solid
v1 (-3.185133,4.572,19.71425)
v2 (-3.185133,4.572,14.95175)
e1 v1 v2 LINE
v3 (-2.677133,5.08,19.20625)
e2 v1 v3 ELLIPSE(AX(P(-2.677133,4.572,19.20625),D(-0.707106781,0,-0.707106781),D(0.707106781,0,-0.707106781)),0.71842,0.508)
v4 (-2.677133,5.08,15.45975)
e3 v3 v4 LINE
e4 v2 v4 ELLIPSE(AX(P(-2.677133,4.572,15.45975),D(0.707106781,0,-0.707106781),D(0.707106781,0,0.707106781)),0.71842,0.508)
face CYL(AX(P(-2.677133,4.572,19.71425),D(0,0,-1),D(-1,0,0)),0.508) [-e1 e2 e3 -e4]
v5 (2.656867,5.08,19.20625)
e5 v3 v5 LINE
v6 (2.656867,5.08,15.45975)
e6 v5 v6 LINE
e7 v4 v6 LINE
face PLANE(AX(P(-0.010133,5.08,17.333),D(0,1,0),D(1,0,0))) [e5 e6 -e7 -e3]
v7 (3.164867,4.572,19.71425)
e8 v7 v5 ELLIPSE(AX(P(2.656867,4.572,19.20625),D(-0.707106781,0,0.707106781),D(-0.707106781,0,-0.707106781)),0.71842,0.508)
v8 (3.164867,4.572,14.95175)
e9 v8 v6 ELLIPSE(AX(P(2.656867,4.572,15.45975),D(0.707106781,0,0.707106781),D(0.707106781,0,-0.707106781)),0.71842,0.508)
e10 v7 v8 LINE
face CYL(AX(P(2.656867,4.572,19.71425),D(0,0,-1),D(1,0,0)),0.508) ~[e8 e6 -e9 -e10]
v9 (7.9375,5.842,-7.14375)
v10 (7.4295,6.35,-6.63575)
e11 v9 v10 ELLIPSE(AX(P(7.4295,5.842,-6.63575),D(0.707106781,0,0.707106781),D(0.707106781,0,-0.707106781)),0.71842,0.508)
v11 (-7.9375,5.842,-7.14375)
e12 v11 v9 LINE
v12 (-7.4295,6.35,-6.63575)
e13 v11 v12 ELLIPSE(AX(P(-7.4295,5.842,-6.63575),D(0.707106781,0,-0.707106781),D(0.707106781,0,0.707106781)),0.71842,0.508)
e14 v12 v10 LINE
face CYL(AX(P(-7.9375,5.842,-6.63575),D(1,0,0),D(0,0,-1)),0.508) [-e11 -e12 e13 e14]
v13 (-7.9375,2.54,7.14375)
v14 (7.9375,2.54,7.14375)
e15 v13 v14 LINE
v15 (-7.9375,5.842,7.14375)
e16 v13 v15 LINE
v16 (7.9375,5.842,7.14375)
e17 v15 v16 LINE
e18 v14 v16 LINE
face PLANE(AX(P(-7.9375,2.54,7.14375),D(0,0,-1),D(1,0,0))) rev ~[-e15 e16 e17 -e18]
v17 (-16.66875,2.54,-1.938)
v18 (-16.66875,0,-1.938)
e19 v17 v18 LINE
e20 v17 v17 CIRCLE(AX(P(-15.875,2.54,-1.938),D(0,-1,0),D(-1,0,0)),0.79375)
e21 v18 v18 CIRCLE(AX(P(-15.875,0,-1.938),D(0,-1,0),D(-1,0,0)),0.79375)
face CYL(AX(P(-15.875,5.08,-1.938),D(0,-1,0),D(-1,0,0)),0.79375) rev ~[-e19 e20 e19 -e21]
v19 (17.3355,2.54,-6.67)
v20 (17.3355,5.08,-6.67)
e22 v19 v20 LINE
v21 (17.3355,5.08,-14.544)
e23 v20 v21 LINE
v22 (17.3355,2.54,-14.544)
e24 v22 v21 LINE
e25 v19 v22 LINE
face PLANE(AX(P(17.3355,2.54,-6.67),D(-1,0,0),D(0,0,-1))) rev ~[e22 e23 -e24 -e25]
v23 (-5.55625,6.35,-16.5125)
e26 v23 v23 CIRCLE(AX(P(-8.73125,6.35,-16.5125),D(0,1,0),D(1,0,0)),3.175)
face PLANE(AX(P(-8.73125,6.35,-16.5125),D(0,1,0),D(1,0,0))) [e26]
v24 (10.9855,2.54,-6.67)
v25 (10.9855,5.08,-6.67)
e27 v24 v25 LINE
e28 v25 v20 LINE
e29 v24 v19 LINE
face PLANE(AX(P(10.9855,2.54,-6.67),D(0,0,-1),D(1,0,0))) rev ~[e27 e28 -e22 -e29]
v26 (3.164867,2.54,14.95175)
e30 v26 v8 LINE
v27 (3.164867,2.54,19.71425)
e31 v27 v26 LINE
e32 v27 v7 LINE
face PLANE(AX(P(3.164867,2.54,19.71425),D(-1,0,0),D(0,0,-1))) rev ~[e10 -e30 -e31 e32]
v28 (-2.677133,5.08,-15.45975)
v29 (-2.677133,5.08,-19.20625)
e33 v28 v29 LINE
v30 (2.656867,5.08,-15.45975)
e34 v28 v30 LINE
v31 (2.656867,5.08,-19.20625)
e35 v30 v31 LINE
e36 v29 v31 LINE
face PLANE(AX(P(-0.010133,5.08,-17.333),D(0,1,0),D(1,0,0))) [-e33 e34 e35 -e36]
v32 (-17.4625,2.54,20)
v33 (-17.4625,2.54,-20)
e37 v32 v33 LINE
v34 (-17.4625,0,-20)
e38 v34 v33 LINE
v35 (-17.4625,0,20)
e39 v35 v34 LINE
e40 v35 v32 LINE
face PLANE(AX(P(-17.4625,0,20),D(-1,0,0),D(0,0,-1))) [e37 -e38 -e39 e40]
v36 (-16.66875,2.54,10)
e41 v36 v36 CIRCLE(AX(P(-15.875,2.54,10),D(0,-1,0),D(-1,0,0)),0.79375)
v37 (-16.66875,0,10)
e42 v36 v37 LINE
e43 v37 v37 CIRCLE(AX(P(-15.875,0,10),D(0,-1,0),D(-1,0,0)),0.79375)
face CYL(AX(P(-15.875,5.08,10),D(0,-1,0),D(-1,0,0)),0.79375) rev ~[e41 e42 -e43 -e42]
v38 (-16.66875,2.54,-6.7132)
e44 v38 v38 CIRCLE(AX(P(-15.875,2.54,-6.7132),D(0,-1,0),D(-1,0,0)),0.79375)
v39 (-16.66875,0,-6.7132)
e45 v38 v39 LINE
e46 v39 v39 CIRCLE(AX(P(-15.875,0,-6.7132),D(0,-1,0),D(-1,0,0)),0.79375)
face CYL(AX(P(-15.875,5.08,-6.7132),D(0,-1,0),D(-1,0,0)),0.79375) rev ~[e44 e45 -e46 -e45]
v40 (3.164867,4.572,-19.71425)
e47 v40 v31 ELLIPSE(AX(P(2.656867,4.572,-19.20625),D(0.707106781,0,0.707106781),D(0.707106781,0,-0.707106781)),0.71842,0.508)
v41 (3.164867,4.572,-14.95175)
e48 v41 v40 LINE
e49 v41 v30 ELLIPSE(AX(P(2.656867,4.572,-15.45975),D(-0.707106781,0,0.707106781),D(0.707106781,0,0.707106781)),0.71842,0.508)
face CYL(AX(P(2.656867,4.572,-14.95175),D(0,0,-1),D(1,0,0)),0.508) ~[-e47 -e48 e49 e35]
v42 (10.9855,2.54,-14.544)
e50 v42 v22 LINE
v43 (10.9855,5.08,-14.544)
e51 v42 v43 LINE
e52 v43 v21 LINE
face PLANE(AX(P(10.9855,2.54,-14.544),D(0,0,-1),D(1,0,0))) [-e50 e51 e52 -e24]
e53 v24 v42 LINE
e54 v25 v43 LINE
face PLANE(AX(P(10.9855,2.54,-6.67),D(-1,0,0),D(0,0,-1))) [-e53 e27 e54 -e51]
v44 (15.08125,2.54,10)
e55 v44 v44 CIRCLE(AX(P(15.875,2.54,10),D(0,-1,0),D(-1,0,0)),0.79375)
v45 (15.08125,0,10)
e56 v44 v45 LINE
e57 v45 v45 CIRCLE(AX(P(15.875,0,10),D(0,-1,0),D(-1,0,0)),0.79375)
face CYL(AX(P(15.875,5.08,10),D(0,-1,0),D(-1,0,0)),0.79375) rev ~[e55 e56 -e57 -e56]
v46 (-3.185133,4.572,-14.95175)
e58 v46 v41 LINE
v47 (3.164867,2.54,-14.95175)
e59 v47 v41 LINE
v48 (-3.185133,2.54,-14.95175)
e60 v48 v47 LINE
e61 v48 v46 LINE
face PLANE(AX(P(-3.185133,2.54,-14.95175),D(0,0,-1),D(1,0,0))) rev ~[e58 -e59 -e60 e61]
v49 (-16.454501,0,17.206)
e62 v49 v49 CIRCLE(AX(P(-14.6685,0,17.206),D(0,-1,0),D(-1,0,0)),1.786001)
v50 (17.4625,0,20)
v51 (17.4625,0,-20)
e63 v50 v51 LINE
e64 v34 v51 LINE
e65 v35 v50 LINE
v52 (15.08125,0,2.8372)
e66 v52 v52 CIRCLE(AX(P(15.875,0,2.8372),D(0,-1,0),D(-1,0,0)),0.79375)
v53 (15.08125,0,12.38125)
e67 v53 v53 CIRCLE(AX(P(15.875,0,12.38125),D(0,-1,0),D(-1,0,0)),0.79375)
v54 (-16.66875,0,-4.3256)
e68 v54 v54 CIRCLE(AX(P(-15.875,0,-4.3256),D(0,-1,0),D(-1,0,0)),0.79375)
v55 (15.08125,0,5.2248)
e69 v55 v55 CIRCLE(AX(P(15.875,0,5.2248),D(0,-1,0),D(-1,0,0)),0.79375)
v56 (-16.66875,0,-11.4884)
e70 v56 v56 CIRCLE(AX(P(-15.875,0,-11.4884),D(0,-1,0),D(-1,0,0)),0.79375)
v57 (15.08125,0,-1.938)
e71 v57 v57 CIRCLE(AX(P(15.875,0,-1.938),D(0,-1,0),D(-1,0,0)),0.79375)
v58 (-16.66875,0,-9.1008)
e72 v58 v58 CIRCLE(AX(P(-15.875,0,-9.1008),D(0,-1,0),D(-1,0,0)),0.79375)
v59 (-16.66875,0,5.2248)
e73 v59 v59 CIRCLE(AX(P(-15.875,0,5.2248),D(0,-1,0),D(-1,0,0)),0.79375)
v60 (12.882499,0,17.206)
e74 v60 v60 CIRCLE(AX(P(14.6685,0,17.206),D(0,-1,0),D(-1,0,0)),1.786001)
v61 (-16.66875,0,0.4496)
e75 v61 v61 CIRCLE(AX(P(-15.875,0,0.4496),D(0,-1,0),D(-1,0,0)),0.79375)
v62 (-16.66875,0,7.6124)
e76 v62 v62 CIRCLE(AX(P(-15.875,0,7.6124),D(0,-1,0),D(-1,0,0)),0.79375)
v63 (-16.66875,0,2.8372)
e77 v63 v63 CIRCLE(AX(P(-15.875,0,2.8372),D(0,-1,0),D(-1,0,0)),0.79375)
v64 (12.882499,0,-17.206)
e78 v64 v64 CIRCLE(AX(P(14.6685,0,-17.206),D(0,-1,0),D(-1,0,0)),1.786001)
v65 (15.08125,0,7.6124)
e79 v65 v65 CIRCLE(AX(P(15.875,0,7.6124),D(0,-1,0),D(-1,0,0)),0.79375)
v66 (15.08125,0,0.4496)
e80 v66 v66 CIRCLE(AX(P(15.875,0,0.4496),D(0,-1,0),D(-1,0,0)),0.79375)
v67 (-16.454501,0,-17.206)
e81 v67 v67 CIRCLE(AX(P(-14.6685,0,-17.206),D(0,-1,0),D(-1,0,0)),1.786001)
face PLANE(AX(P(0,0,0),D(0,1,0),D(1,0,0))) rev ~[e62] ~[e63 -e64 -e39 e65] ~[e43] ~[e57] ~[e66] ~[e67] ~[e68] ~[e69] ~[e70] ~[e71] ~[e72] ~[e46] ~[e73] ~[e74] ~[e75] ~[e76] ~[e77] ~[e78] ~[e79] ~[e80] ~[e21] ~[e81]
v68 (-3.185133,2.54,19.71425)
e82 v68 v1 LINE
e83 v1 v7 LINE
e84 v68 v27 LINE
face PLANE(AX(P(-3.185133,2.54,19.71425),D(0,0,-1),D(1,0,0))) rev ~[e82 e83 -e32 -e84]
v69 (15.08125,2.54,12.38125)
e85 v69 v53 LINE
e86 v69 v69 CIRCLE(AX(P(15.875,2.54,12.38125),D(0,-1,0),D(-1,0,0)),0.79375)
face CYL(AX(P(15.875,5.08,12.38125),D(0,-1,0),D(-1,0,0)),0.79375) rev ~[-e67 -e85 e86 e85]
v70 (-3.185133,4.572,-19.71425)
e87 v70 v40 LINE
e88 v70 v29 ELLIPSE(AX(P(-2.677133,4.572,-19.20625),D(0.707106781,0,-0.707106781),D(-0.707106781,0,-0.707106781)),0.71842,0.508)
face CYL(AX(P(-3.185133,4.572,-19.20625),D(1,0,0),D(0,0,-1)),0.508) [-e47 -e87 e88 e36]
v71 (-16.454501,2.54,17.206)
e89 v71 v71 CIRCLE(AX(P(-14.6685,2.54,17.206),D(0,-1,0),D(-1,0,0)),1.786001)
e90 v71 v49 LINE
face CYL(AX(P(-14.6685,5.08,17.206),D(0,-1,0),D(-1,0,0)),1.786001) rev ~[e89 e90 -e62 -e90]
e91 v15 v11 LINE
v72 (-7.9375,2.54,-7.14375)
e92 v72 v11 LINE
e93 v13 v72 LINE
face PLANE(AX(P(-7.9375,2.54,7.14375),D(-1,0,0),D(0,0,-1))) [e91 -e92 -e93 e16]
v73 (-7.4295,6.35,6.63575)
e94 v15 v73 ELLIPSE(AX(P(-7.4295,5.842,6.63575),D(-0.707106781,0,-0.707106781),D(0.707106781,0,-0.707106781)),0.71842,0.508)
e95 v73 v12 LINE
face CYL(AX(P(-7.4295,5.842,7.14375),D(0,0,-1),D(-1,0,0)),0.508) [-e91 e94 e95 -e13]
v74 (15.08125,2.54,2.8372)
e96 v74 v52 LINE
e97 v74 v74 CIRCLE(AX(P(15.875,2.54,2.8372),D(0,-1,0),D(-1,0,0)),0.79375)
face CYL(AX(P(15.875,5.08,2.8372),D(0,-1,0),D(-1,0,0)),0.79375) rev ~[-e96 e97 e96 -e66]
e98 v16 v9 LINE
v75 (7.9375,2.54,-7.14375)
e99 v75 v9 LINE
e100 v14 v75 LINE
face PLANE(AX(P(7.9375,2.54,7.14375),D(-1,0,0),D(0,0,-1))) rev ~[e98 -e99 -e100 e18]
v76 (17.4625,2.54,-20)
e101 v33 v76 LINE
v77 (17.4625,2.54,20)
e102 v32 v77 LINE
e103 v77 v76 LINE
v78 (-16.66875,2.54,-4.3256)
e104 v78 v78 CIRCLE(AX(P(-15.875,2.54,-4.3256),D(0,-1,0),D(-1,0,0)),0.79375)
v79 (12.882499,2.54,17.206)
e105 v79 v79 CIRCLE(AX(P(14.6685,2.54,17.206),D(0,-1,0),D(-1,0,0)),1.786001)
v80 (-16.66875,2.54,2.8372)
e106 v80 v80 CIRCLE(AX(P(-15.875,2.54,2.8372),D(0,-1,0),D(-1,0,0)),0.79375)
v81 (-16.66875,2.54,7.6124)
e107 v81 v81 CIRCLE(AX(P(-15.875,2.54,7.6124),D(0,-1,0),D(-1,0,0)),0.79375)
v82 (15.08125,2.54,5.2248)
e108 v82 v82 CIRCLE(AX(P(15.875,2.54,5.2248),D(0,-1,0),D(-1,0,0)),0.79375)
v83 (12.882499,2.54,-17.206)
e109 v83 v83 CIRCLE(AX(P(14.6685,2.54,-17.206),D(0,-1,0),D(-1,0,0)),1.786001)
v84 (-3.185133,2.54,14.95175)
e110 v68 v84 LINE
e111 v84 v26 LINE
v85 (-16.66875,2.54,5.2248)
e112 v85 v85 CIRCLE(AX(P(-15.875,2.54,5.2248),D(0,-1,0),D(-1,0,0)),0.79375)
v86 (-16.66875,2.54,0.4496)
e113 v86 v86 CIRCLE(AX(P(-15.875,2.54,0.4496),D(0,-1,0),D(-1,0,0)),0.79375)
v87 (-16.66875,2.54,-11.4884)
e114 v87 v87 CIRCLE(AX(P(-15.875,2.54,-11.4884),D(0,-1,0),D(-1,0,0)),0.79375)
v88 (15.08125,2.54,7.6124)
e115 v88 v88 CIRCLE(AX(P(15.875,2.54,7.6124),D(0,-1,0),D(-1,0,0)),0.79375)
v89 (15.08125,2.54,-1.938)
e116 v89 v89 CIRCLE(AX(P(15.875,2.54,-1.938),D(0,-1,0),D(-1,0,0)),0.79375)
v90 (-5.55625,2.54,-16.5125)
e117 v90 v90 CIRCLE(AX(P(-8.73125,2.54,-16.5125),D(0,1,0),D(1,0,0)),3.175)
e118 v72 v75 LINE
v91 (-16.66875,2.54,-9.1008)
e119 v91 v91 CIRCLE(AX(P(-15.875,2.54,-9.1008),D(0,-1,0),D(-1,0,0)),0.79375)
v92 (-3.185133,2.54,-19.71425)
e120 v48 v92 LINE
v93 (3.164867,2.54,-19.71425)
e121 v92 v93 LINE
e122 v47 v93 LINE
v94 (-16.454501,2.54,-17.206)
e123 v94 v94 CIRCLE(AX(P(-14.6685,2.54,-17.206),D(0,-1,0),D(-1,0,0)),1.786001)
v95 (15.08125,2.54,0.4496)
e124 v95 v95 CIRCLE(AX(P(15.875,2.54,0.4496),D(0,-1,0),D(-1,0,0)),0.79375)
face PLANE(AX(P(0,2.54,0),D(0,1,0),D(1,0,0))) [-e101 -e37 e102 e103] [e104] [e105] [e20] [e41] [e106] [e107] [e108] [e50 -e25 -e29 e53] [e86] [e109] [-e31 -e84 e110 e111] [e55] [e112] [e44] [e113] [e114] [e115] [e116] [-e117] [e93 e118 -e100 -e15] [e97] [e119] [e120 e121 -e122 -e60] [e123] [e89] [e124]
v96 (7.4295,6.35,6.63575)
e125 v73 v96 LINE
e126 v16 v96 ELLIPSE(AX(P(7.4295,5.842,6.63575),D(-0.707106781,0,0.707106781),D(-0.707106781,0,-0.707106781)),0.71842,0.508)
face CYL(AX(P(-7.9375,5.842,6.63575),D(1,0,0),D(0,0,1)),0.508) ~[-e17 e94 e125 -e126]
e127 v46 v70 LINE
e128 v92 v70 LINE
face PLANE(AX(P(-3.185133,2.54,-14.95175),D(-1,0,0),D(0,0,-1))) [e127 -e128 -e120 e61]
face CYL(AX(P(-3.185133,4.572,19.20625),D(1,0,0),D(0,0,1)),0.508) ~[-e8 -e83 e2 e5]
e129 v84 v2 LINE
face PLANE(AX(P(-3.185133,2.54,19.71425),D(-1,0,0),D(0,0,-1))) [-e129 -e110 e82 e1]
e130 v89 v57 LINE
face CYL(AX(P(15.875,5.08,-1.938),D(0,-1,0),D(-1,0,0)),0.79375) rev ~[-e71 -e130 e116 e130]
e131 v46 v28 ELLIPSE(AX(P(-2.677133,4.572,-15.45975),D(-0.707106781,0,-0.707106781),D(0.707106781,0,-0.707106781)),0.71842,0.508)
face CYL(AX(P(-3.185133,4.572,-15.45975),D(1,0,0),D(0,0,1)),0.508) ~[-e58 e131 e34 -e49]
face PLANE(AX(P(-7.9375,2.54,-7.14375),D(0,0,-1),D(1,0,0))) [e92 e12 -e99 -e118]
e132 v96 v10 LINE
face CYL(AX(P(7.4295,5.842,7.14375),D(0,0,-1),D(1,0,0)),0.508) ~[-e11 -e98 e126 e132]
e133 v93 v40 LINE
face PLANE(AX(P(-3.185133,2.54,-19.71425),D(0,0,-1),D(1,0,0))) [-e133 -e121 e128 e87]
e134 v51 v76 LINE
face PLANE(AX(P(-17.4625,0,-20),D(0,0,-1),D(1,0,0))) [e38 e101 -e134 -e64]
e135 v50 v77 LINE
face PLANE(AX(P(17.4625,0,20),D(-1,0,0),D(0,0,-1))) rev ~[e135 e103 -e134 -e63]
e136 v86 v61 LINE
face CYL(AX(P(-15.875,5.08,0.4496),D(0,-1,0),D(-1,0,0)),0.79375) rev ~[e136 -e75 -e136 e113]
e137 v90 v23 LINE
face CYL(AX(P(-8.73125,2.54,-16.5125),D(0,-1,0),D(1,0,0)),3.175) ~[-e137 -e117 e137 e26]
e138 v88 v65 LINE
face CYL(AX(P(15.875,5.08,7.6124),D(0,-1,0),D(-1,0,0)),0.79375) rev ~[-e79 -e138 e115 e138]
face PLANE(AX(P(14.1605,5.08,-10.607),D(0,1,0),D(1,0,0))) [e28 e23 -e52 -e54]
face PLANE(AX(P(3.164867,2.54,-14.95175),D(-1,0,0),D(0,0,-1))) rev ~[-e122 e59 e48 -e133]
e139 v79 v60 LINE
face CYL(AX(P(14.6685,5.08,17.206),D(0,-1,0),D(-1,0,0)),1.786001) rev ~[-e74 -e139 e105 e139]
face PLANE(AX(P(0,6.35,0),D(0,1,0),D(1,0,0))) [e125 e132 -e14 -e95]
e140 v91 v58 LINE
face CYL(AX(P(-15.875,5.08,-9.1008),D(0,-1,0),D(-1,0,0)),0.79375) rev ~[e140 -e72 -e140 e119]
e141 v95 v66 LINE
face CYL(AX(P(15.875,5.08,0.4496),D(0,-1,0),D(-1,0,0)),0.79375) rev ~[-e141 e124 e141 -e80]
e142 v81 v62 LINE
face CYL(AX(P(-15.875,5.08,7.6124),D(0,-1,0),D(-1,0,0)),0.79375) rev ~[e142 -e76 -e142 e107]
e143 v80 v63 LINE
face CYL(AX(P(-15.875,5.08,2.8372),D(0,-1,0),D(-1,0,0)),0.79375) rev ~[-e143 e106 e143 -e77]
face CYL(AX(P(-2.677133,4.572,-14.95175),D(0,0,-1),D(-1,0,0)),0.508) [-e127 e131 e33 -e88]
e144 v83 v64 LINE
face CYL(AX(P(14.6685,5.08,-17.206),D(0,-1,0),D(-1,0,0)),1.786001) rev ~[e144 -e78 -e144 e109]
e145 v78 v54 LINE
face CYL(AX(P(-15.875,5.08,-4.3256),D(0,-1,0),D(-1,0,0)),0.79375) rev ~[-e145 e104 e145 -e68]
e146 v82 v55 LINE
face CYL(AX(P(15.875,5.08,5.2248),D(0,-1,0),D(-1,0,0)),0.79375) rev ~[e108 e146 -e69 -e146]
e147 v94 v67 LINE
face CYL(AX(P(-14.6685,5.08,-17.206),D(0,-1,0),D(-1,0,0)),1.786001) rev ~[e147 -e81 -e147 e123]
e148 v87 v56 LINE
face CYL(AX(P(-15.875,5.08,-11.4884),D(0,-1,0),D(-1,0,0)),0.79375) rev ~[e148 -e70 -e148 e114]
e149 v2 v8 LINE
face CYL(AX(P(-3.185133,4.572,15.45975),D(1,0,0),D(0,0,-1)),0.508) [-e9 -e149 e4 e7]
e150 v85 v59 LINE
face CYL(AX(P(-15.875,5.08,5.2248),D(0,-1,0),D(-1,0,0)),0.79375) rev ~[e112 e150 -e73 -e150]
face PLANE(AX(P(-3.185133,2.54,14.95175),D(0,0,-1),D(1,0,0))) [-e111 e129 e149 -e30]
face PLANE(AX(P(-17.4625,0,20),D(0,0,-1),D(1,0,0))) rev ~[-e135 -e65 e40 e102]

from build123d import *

# Parameters (mm, degrees)
SKETCH1_W                           = 34.925
SKETCH1_H                           = 40
BOSS_EXTRUDE1_DEPTH                 = 2.54
F_9_64_0_14063_DIAMETER_HOLE1_D     = 3.572002
F_9_64_0_14063_DIAMETER_HOLE1_DEPTH = 2.54
F_1_16_0_0625_DIAMETER_HOLE1_D      = 1.5875
F_1_16_0_0625_DIAMETER_HOLE1_DEPTH  = 2.54
SKETCH6_R                           = 3.175
BOSS_EXTRUDE2_DEPTH                 = 3.81
SKETCH7_W                           = 15.875
SKETCH7_H                           = 14.2875
BOSS_EXTRUDE3_DEPTH                 = 3.81
FILLET1_R                           = 0.508
SKETCH8_W                           = 6.35
SKETCH8_H                           = 7.874
BOSS_EXTRUDE4_DEPTH                 = 2.54
SKETCH10_W                          = 6.35
SKETCH10_H                          = 4.7625
BOSS_EXTRUDE5_DEPTH                 = 2.54
FILLET2_R                           = 0.508


with BuildPart() as part:
    # Sketch1 → Boss-Extrude1 (new body)
    with BuildSketch(Plane(origin=(0, 0, 0), x_dir=(1, 0, 0), z_dir=(0, 1, 0))):
        Rectangle(SKETCH1_W, SKETCH1_H)
    extrude(amount=BOSS_EXTRUDE1_DEPTH)

    # 9/64 (0.14063) Diameter Hole1
    with Locations(Plane(origin=(0, 2.54, 0), x_dir=(1, 0, 0), z_dir=(0, 1, 0))):
        with Locations((-14.6685, 17.206), (14.6685, 17.206), (14.6685, -17.206), (-14.6685, -17.206)):
            Hole(F_9_64_0_14063_DIAMETER_HOLE1_D / 2, depth=F_9_64_0_14063_DIAMETER_HOLE1_DEPTH)

    # 1/16 (0.0625) Diameter Hole1
    with Locations(Plane(origin=(0, 2.54, 0), x_dir=(1, 0, 0), z_dir=(0, 1, 0))):
        with Locations((-15.875, -10), (-15.875, -7.6124), (-15.875, -5.2248), (-15.875, -2.8372), (-15.875, -0.4496), (-15.875, 1.938), (-15.875, 4.3256), (-15.875, 6.7132), (-15.875, 9.1008), (-15.875, 11.4884), (15.875, 1.938), (15.875, -0.4496), (15.875, -2.8372), (15.875, -5.2248), (15.875, -7.6124), (15.875, -10), (15.875, -12.38125)):
            Hole(F_1_16_0_0625_DIAMETER_HOLE1_D / 2, depth=F_1_16_0_0625_DIAMETER_HOLE1_DEPTH)

    # Sketch6 → Boss-Extrude2 (add)
    with BuildSketch(Plane(origin=(0, 2.54, 0), x_dir=(1, 0, 0), z_dir=(0, 1, 0))):
        with Locations((-8.73125, 16.5125)):
            Circle(SKETCH6_R)
    extrude(amount=BOSS_EXTRUDE2_DEPTH)

    # Sketch7 → Boss-Extrude3 (add)
    with BuildSketch(Plane(origin=(0, 2.54, 0), x_dir=(1, 0, 0), z_dir=(0, 1, 0))):
        Rectangle(SKETCH7_W, SKETCH7_H)
    extrude(amount=BOSS_EXTRUDE3_DEPTH)

    # Fillet1
    fillet1_edges = [part.edges().sort_by_distance(p)[0] for p in [
        (7.9375, 6.35, 0),
        (0, 6.35, -7.14375),
        (-7.9375, 6.35, 0),
        (0, 6.35, 7.14375),
    ]]
    fillet(fillet1_edges, radius=FILLET1_R)

    # Sketch8 → Boss-Extrude4 (add)
    with BuildSketch(Plane(origin=(0, 2.54, 0), x_dir=(1, 0, 0), z_dir=(0, 1, 0))):
        with Locations((14.1605, 10.607)):
            Rectangle(SKETCH8_W, SKETCH8_H)
    extrude(amount=BOSS_EXTRUDE4_DEPTH)

    # Sketch10 → Boss-Extrude5 (add)
    with BuildSketch(Plane(origin=(0, 2.54, 0), x_dir=(1, 0, 0), z_dir=(0, 1, 0))):
        with Locations((-0.010133196, 17.333)):
            Rectangle(SKETCH10_W, SKETCH10_H)
        with Locations((-0.010133196, -17.333)):
            Rectangle(SKETCH10_W, SKETCH10_H)
    extrude(amount=BOSS_EXTRUDE5_DEPTH)

    # Fillet2
    fillet2_edges = [part.edges().sort_by_distance(p)[0] for p in [
        (-3.185133196, 5.08, -17.333),
        (-0.010133196, 5.08, -14.95175),
        (3.164866804, 5.08, -17.333),
        (-0.010133196, 5.08, -19.71425),
        (3.164866804, 5.08, 17.333),
        (-0.010133196, 5.08, 14.95175),
        (-3.185133196, 5.08, 17.333),
        (-0.010133196, 5.08, 19.71425),
    ]]
    fillet(fillet2_edges, radius=FILLET2_R)


solid = part.part
